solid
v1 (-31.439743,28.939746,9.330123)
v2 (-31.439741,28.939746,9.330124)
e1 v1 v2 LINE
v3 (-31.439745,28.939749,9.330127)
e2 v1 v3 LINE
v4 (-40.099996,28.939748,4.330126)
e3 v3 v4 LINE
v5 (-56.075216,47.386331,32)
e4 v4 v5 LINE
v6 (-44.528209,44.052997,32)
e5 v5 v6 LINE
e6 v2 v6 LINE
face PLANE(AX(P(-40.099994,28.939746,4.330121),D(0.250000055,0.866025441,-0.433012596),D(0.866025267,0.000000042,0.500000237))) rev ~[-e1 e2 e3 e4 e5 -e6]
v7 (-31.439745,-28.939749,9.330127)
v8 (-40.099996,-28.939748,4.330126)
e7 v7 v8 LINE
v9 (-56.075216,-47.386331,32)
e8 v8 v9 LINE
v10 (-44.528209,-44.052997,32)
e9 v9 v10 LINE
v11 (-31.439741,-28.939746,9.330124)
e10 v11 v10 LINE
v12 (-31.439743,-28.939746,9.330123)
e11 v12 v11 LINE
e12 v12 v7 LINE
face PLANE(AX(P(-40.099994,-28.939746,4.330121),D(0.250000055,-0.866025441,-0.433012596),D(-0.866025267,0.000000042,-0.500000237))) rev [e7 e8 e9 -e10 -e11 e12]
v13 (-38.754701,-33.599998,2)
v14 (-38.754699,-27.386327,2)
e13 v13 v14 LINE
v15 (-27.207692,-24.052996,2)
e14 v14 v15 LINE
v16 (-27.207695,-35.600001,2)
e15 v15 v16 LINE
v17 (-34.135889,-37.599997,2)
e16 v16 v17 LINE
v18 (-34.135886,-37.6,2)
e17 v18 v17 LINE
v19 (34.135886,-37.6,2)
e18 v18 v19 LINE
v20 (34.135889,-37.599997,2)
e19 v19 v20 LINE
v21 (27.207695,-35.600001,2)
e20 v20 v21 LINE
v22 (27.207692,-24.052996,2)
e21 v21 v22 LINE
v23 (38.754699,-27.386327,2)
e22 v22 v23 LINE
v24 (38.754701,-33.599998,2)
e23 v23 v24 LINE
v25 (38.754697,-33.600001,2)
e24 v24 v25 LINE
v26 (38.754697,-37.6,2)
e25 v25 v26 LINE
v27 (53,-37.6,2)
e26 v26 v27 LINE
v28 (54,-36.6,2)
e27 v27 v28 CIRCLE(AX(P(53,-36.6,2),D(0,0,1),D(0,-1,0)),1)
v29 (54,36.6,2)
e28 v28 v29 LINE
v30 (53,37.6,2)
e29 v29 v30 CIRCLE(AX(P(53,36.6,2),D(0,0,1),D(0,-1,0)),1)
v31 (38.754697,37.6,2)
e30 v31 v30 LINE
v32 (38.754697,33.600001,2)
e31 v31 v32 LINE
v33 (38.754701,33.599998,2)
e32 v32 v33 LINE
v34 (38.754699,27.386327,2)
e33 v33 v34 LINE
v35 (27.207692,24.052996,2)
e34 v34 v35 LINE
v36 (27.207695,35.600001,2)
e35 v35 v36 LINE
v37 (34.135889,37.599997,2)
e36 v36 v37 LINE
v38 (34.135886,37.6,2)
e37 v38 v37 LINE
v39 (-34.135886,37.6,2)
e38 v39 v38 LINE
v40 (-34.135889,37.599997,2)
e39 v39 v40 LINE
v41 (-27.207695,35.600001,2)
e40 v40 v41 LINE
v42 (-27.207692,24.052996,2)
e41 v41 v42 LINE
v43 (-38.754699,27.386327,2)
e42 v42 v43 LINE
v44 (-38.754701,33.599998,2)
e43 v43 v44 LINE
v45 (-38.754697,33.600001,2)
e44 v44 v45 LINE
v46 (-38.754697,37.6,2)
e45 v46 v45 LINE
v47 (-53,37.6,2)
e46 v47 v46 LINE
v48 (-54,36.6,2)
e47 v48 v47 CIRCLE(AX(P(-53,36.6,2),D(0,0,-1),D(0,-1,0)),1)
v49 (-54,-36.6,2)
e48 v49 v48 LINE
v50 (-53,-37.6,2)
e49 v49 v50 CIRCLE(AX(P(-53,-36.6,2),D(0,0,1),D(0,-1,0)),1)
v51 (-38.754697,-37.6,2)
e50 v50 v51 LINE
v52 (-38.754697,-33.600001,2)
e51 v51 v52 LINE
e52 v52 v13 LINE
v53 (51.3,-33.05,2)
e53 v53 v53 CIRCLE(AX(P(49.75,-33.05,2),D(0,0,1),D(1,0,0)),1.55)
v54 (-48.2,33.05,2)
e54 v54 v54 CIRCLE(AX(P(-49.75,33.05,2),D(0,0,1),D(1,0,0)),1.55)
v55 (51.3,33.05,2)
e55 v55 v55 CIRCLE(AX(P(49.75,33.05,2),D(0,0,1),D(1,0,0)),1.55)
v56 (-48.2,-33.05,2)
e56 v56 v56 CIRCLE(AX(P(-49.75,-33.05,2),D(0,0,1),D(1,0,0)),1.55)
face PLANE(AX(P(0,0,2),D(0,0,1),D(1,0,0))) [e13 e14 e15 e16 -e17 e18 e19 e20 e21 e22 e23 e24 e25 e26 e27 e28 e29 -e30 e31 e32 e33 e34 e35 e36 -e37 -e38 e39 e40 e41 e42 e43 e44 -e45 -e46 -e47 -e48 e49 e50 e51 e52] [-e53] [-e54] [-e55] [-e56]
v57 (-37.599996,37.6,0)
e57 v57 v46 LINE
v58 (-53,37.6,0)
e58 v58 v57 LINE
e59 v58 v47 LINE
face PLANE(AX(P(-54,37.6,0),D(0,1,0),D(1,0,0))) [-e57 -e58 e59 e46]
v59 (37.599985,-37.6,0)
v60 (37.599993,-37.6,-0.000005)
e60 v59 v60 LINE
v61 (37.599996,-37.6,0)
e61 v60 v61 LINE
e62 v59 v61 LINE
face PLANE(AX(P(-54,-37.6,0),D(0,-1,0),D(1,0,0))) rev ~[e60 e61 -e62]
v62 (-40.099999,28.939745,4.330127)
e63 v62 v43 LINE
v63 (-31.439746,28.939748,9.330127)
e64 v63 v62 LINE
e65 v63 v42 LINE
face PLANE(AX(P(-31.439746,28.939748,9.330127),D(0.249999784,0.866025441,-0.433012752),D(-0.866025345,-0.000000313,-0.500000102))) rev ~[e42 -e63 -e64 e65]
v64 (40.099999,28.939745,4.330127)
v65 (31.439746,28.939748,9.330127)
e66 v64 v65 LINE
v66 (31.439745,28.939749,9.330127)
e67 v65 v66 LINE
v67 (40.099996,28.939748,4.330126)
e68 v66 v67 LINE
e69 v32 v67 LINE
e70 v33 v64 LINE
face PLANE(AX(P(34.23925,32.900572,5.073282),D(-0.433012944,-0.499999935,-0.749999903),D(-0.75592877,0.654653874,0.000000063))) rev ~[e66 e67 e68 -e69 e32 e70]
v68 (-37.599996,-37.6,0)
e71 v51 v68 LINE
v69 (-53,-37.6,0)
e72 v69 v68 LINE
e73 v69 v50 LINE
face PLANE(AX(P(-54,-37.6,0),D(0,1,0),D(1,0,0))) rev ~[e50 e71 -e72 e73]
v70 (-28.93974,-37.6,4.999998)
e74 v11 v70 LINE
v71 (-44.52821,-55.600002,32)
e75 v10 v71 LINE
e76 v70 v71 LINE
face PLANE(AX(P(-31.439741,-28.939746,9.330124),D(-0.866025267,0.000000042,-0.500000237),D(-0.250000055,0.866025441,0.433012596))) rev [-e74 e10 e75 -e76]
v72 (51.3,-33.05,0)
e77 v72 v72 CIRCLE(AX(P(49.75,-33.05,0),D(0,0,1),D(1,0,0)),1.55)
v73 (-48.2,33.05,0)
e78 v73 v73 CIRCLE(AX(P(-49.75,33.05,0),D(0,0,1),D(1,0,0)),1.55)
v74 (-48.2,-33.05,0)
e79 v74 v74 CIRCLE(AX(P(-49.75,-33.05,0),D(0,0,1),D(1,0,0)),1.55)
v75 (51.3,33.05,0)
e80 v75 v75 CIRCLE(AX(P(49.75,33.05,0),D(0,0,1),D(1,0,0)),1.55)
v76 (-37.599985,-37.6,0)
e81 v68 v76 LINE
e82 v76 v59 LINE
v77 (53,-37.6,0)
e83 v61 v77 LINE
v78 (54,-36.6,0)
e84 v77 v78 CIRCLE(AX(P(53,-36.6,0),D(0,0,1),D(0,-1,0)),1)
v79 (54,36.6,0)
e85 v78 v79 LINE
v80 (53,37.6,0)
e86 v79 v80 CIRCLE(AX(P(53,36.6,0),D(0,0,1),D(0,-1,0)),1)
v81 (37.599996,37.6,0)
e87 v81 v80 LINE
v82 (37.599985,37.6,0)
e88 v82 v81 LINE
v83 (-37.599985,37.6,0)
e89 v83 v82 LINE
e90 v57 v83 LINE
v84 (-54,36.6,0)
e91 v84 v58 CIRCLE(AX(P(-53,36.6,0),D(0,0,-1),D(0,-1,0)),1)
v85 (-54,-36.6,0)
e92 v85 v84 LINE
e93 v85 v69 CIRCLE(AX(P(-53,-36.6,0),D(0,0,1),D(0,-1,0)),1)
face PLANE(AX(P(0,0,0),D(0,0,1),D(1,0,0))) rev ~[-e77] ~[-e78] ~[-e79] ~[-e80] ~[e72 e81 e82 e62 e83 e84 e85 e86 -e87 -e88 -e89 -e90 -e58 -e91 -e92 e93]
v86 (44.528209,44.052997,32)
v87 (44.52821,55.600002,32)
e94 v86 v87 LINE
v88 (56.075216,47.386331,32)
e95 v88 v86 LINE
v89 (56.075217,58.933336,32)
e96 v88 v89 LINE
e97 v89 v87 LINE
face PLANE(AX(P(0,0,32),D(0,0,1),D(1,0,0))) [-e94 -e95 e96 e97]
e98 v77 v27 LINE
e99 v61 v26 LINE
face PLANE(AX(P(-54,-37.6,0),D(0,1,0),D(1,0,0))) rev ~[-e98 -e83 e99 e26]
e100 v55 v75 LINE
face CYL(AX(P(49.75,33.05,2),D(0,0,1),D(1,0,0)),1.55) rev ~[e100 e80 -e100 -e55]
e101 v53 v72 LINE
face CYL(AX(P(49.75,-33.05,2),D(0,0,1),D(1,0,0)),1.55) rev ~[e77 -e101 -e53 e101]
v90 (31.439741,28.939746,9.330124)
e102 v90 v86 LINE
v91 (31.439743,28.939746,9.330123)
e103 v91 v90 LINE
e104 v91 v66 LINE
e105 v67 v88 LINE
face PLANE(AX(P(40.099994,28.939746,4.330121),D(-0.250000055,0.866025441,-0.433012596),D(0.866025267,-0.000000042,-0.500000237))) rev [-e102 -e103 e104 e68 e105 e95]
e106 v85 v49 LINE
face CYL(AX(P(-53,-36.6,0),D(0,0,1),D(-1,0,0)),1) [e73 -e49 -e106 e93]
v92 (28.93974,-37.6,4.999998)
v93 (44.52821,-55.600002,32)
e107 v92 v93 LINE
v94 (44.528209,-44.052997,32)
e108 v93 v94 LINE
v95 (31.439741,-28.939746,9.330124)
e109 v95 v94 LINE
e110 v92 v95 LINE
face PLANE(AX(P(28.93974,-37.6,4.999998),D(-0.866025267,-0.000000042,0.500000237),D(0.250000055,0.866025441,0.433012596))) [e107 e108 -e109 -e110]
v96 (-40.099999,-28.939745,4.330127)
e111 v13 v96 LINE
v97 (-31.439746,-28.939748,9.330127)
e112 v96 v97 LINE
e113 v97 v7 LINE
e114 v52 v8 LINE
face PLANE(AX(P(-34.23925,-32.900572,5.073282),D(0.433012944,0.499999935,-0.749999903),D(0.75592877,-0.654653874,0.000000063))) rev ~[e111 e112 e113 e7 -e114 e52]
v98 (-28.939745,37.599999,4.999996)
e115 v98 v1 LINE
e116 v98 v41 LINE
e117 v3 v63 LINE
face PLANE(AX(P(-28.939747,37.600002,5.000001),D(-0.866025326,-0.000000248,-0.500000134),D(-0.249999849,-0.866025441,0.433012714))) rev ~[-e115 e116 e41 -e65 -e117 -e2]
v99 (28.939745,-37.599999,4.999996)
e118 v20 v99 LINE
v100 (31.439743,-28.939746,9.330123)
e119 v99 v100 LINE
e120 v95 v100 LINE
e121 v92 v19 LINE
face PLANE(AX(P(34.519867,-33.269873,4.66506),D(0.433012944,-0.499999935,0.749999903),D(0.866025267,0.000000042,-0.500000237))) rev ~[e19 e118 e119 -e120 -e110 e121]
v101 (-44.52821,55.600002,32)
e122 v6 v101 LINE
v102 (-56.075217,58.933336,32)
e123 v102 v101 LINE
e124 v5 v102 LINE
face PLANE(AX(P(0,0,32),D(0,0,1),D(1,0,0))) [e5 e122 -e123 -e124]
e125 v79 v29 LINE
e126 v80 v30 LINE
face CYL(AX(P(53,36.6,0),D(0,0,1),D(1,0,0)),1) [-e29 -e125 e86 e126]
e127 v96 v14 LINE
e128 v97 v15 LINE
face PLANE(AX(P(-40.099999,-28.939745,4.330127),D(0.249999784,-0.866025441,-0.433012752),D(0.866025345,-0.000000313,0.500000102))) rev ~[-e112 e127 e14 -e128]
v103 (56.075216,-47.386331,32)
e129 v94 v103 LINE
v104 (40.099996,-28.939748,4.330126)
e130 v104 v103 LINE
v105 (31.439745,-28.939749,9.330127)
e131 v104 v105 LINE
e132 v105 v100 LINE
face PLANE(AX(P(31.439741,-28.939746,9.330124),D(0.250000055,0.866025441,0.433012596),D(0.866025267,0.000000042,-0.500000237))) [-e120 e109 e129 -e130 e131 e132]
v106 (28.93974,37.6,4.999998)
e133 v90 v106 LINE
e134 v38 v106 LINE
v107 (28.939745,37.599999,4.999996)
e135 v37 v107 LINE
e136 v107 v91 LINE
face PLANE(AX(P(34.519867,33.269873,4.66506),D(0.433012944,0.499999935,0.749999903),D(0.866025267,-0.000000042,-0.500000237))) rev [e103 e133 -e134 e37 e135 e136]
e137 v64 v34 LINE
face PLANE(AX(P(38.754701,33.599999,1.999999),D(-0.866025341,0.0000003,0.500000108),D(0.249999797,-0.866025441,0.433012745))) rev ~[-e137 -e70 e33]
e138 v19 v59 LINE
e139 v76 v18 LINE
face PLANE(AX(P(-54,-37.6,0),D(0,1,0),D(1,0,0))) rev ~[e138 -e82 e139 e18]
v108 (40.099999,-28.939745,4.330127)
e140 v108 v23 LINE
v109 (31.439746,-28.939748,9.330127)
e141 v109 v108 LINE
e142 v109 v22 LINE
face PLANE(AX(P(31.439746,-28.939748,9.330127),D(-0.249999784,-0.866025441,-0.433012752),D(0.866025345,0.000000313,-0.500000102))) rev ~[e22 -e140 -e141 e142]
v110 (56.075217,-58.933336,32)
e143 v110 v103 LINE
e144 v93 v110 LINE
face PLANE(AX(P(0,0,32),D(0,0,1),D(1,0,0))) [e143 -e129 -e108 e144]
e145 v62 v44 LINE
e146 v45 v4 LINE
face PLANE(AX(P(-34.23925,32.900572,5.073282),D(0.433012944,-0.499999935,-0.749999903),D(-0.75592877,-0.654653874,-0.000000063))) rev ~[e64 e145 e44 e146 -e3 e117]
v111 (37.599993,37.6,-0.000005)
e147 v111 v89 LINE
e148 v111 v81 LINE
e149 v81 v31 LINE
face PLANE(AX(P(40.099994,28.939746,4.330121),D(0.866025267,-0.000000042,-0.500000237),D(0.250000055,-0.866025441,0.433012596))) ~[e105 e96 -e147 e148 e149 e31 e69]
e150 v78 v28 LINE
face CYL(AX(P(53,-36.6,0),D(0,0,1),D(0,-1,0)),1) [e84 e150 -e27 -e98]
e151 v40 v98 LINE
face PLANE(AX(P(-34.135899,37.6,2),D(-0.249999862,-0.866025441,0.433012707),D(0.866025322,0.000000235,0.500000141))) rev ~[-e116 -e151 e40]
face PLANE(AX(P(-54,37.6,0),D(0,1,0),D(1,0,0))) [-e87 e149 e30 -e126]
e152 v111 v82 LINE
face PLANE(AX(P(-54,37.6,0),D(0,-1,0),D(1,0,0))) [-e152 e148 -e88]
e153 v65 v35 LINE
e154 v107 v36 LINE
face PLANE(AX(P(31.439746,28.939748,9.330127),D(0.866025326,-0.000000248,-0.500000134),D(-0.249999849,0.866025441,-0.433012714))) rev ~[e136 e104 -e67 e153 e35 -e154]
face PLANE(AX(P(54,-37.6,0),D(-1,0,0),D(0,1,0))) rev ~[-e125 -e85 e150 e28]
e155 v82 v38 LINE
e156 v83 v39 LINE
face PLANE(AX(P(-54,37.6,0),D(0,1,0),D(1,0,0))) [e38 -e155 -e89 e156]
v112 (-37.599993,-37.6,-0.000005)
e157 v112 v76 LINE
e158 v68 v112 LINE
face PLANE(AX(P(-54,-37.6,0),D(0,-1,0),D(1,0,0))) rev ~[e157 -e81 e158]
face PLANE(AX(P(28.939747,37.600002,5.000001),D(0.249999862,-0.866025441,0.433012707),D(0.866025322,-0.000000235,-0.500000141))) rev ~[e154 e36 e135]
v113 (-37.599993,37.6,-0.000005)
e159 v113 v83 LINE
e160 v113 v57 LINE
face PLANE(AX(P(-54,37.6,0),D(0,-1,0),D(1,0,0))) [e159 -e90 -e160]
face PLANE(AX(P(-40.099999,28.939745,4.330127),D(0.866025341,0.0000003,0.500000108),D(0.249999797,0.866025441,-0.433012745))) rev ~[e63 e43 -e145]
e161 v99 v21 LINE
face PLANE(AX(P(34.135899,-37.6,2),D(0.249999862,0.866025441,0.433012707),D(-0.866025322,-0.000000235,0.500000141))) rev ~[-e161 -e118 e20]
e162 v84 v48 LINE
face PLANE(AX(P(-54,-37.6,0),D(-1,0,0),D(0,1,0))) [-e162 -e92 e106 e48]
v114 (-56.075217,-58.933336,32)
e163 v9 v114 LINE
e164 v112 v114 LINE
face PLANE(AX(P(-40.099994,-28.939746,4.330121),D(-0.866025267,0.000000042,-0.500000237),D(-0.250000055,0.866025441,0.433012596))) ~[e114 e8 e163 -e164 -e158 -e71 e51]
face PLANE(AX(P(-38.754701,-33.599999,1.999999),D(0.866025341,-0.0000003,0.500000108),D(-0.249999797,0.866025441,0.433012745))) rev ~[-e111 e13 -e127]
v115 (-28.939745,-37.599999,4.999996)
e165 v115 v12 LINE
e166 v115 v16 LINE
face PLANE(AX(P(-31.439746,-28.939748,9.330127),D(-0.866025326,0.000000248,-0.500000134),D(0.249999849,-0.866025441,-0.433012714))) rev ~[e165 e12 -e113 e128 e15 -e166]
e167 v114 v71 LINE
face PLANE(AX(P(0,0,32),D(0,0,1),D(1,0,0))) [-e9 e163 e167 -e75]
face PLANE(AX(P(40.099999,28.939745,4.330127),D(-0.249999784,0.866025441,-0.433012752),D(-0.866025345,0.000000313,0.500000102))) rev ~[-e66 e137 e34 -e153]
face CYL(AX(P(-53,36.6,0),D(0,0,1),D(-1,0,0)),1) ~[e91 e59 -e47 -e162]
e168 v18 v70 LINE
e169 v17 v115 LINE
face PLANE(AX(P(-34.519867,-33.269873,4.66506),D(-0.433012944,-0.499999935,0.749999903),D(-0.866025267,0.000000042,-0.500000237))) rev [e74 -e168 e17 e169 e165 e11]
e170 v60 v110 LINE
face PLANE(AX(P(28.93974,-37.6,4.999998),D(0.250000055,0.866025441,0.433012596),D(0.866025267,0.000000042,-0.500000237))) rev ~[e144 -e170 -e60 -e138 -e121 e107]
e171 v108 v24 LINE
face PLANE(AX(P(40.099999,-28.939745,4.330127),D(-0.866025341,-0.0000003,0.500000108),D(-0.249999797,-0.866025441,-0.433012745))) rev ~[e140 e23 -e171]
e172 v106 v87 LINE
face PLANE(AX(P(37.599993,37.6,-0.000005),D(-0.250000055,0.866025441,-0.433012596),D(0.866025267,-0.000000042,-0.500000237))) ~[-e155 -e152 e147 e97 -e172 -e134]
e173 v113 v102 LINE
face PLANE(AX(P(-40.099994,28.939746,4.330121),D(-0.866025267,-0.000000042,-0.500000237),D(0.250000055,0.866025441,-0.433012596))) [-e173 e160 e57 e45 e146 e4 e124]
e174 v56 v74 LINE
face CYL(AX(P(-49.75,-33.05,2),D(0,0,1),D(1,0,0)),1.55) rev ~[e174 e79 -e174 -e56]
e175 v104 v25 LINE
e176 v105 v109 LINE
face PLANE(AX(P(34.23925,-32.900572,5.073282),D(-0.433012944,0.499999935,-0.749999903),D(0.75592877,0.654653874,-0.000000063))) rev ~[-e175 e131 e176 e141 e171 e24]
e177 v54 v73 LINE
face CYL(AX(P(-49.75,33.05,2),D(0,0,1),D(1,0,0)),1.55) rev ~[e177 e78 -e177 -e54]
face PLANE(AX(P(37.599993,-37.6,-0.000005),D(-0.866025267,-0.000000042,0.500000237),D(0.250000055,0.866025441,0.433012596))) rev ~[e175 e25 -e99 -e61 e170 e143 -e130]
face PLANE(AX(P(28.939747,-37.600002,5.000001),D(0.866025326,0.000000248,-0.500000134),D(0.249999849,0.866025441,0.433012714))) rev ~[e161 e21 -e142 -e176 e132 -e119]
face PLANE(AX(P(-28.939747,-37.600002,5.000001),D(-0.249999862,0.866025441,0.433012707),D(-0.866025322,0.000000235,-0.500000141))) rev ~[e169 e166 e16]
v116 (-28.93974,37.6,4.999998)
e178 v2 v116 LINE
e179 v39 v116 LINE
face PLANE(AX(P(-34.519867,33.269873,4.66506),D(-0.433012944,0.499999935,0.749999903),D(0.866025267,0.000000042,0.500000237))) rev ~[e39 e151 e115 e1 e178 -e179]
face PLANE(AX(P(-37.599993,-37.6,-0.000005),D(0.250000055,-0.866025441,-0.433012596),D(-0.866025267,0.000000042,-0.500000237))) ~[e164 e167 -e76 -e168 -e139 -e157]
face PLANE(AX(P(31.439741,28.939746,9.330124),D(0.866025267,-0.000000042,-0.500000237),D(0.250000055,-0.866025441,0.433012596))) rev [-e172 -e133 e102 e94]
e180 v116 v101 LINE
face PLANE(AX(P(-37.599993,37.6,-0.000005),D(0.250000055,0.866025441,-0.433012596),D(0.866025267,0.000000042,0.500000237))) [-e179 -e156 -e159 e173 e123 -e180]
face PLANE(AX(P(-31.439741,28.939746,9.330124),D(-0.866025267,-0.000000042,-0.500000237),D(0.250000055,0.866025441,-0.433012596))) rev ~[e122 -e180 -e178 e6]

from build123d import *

# Parameters (mm, degrees)
SKETCH_W     = 108
SKETCH_H     = 75.2
PAD_DEPTH    = 2
SKETCH001_R  = 1.55
POCKET_DEPTH = 2
SKETCH002_W  = 10
SKETCH002_H  = 10
PAD001_DEPTH = 60
PAD002_DEPTH = 10
PAD003_DEPTH = 10
PAD004_DEPTH = 10
SKETCH003_W  = 10
SKETCH003_H  = 10
PAD005_DEPTH = 60
PAD006_DEPTH = 10
FILLET_R     = 1
FILLET001_R  = 1
FILLET002_R  = 1
FILLET003_R  = 1
BOX_W        = 108
BOX_H        = 75.2
BOX_DEPTH    = 10
BOX001_W     = 216
BOX001_H     = 150.4
BOX001_DEPTH = 30


with BuildPart() as part:
    # Sketch → Pad (new body)
    with BuildSketch(Plane.XY):
        Rectangle(SKETCH_W, SKETCH_H)
    extrude(amount=PAD_DEPTH)

    # Sketch001 (on Face6 of Pad) → Pocket (cut)
    with BuildSketch(Plane.XY.offset(2)):
        with Locations((-49.75, 33.05)):
            Circle(SKETCH001_R)
        with Locations((49.75, 33.05)):
            Circle(SKETCH001_R)
        with Locations((49.75, -33.05)):
            Circle(SKETCH001_R)
        with Locations((-49.75, -33.05)):
            Circle(SKETCH001_R)
    extrude(amount=-POCKET_DEPTH, mode=Mode.SUBTRACT)

    # Sketch002 (on Face5 of Pocket) → Pad001 (join)
    with BuildSketch(Plane(origin=(-14.437445, 5.037445, 35.081278), x_dir=(0.866025, 0, 0.5), z_dir=(-0.433013, 0.5, 0.75))):
        with Locations((-32.6, 32.6)):
            Rectangle(SKETCH002_W, SKETCH002_H)
    pad001 = extrude(amount=PAD001_DEPTH)

    # Mirrored: Pad001 across YZ
    add(pad001.mirror(Plane.YZ))

    # Mirrored001: Pad001 across XZ
    add(pad001.mirror(Plane.XZ))

    # Mirrored001 Face22 → Pad002 (add)
    with BuildSketch(Plane(origin=(34.284733, 32.964866, 5.00416), x_dir=(-0.755929, 0.654654, 0), z_dir=(-0.433013, -0.5, -0.75))):
        Polygon((3.146916, 4.541863), (-2.963185, 4.541863), (-7.030988, 1.019042), (-0.484451, -6.540247), (7.074838, 0.006289), align=None)
    extrude(amount=PAD002_DEPTH)

    # Pad002 Face21 → Pad003 (add)
    with BuildSketch(Plane(origin=(-34.284733, 32.964866, 5.00416), x_dir=(-0.755929, -0.654654, 0), z_dir=(0.433013, -0.5, -0.75))):
        Polygon((2.963185, 4.541863), (-3.146916, 4.541863), (-7.074838, 0.006289), (0.484451, -6.540247), (7.030988, 1.019042), align=None)
    extrude(amount=PAD003_DEPTH)

    # Pad003 Face35 → Pad004 (add)
    with BuildSketch(Plane(origin=(-34.284733, -32.964866, 5.00416), x_dir=(0.755929, -0.654654, 0), z_dir=(0.433013, 0.5, -0.75))):
        Polygon((3.146916, 4.541863), (-2.963185, 4.541863), (-7.030988, 1.019042), (-0.484451, -6.540247), (7.074838, 0.006289), align=None)
    extrude(amount=PAD004_DEPTH)

    # Sketch003 (on Face4 of Pad004) → Pad005 (join)
    with BuildSketch(Plane(origin=(14.437445, -5.037445, 35.081278), x_dir=(0.866025, 0, -0.5), z_dir=(0.433013, -0.5, 0.75))):
        with Locations((32.6, -32.6)):
            Rectangle(SKETCH003_W, SKETCH003_H)
    extrude(amount=PAD005_DEPTH)

    # Pad005 Face44 → Pad006 (add)
    with BuildSketch(Plane(origin=(34.284733, -32.964866, 5.00416), x_dir=(0.755929, 0.654654, 0), z_dir=(-0.433013, 0.5, -0.75))):
        Polygon((-7.074838, 0.006289), (0.484451, -6.540247), (7.030988, 1.019042), (2.963185, 4.541863), (-3.146916, 4.541863), align=None)
    extrude(amount=PAD006_DEPTH)

    # Fillet
    fillet_edges = [part.edges().sort_by_distance(p)[0] for p in [
        (-54, -37.6, 1),
    ]]
    fillet(fillet_edges, radius=FILLET_R)

    # Fillet001
    fillet001_edges = [part.edges().sort_by_distance(p)[0] for p in [
        (-54, 37.6, 1),
    ]]
    fillet(fillet001_edges, radius=FILLET001_R)

    # Fillet002
    fillet002_edges = [part.edges().sort_by_distance(p)[0] for p in [
        (54, -37.6, 1),
    ]]
    fillet(fillet002_edges, radius=FILLET002_R)

    # Fillet003
    fillet003_edges = [part.edges().sort_by_distance(p)[0] for p in [
        (54, 37.6, 1),
    ]]
    fillet(fillet003_edges, radius=FILLET003_R)

    # Box → Box (cut)
    with BuildSketch(Plane(origin=(-54, 37.6, 0), x_dir=(1, 0, 0), z_dir=(0, 0, -1))):
        with Locations((54, 37.6)):
            Rectangle(BOX_W, BOX_H)
    extrude(amount=BOX_DEPTH, mode=Mode.SUBTRACT)

    # Box001 → Box001 (cut)
    with BuildSketch(Plane(origin=(-108, -75.2, 32), x_dir=(1, 0, 0), z_dir=(0, 0, 1))):
        with Locations((108, 75.2)):
            Rectangle(BOX001_W, BOX001_H)
    extrude(amount=BOX001_DEPTH, mode=Mode.SUBTRACT)


solid = part.part
